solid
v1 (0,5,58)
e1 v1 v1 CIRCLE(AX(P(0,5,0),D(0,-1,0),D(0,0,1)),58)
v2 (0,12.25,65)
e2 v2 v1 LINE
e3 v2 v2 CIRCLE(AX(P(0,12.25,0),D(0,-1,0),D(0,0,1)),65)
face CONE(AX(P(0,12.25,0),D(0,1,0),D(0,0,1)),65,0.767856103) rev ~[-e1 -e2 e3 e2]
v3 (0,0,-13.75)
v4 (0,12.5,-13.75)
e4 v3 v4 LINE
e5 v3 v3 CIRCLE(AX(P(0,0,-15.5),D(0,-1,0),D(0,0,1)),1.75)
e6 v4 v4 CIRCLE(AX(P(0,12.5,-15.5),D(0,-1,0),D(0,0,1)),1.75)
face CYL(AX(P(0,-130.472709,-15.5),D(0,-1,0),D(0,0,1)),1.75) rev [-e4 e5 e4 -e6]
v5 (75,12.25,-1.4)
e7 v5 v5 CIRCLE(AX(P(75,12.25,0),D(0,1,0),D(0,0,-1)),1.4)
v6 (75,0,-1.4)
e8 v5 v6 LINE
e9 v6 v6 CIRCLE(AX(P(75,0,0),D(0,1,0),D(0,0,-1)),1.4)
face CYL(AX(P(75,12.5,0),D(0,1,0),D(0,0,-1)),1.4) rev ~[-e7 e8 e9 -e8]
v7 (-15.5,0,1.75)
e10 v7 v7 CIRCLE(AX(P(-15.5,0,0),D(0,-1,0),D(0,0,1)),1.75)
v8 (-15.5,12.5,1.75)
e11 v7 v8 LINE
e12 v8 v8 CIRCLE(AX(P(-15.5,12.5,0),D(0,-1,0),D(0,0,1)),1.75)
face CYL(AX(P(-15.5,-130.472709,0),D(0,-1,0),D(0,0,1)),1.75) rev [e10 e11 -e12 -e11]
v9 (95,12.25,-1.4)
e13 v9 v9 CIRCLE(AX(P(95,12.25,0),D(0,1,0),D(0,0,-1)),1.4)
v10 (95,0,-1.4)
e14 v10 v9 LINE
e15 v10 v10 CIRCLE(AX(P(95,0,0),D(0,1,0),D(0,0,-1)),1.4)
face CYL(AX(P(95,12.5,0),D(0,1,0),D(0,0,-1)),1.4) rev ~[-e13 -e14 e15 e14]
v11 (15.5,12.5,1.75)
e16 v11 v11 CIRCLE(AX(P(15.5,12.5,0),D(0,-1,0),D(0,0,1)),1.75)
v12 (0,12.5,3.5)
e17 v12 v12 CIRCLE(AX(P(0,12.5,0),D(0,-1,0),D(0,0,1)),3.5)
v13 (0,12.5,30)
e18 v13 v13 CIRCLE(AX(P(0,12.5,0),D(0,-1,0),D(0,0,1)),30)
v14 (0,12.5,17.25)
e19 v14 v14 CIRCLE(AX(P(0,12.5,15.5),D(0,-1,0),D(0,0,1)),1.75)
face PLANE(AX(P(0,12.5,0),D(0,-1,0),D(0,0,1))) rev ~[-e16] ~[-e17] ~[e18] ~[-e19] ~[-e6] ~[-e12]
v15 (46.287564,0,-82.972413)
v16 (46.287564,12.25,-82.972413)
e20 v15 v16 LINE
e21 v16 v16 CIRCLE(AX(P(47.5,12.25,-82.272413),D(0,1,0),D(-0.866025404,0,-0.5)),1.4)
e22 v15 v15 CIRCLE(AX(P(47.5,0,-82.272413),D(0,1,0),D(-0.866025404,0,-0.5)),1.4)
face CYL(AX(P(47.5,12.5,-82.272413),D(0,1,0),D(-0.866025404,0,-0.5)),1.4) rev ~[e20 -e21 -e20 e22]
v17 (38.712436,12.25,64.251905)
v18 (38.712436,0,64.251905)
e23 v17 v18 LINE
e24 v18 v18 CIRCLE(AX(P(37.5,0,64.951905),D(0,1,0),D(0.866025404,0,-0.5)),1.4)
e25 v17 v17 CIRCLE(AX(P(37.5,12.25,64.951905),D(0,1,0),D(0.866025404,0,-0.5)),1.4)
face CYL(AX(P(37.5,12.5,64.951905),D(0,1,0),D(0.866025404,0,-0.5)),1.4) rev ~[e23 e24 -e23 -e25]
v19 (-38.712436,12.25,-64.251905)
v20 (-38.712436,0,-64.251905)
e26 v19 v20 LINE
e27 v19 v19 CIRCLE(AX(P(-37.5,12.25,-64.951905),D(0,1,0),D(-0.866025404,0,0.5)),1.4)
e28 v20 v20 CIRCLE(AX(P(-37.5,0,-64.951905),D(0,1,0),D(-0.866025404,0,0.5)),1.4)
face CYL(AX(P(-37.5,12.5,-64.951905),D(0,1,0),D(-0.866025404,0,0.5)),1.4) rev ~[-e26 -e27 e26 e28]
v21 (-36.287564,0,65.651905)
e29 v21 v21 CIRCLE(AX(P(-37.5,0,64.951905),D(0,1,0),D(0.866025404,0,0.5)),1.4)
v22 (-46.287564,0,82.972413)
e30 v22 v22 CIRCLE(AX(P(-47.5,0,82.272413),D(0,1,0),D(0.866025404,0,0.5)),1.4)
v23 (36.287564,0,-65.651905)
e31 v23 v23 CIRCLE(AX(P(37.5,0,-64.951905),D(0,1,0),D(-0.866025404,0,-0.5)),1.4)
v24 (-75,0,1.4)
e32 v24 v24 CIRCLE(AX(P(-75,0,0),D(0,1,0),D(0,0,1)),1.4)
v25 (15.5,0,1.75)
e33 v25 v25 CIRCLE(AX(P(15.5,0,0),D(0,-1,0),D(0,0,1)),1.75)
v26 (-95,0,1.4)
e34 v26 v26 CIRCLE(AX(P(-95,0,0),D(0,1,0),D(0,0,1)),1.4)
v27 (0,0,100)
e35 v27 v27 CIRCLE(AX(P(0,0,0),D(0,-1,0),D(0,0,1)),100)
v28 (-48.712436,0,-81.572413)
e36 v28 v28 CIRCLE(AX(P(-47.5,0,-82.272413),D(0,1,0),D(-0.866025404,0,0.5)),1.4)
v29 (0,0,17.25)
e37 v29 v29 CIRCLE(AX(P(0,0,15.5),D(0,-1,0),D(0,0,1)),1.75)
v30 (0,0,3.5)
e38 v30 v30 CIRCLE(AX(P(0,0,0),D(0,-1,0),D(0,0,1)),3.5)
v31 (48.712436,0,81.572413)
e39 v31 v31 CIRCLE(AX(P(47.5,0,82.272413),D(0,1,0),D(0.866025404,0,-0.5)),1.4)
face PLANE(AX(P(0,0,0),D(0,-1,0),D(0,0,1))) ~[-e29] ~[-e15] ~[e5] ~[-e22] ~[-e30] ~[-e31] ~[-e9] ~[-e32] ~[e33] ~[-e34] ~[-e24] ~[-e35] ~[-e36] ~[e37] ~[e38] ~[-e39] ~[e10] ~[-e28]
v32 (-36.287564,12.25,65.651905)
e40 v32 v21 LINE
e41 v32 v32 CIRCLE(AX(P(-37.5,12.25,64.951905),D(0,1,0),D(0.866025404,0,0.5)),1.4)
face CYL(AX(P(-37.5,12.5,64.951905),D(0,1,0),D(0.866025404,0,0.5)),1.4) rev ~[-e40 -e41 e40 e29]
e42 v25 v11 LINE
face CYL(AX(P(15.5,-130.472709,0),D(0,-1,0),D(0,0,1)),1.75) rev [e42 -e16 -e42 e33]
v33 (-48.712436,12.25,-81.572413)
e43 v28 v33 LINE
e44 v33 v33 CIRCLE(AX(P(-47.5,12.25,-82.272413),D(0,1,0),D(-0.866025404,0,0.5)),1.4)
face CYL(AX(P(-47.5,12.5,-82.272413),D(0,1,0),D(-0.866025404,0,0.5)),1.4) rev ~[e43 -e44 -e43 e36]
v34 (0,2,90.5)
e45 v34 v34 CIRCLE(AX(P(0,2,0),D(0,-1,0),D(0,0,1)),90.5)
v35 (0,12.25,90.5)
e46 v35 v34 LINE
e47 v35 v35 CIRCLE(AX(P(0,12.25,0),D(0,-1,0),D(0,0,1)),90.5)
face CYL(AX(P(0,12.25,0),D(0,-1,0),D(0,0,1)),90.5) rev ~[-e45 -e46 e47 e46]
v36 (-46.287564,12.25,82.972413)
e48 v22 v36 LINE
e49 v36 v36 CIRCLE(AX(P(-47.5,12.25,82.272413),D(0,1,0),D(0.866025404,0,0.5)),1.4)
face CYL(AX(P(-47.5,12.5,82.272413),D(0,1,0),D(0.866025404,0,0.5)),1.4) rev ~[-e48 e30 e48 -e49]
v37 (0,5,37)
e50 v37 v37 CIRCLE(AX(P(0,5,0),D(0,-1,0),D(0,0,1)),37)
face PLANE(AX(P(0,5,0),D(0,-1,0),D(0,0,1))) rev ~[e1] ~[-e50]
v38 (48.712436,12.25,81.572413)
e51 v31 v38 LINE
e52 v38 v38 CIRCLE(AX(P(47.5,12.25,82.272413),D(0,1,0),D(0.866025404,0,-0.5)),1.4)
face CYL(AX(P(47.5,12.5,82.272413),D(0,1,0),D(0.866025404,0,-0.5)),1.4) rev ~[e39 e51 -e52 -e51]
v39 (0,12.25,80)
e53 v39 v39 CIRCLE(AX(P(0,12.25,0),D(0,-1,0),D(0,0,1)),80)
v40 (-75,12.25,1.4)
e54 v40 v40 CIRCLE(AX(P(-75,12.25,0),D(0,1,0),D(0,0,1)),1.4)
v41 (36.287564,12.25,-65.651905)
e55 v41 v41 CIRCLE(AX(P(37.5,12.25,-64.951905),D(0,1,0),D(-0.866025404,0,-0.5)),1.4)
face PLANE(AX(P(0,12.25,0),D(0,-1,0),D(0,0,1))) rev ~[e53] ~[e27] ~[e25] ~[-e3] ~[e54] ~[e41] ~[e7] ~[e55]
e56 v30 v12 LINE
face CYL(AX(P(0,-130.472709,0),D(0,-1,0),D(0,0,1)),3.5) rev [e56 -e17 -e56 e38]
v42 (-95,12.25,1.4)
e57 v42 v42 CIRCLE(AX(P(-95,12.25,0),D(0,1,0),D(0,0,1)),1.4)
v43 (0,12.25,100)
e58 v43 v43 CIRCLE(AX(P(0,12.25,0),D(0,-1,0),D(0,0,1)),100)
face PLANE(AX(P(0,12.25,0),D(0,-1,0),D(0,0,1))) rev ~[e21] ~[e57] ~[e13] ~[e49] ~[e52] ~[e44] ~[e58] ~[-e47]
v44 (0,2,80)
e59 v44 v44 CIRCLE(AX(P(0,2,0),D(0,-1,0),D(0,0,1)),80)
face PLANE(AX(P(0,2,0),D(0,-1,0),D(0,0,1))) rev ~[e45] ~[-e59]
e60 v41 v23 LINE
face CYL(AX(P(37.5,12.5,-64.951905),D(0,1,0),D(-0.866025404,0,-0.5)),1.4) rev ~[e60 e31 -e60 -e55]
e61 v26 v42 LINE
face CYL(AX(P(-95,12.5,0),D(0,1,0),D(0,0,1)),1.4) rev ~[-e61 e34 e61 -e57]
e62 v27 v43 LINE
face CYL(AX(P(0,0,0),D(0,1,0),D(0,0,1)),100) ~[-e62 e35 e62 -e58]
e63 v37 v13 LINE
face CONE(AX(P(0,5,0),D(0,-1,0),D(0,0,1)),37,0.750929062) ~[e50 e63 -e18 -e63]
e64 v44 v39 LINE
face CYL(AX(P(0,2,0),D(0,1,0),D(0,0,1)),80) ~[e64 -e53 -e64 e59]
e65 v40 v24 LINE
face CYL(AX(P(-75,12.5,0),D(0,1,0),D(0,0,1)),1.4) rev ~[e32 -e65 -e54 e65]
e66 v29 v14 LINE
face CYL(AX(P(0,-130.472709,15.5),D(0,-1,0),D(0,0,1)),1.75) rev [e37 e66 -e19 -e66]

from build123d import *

# Parameters (mm, degrees)
KES_EKSTR_ZYON3_DEPTH      = 142.972708645
KES_EKSTR_ZYON3_DEPTH_BACK = 142.972708645
IZIM3_R                    = 3.5
IZIM3_R_2                  = 1.75
IZIM4_R                    = 1.4
KES_EKSTR_ZYON4_DEPTH      = 142.972708645
DAIRESEL_KAPLAMA1_COUNT    = 6


with BuildPart() as part:
    # Çizim2 → Döndür1 (revolve)
    with BuildSketch(Plane(origin=(0, 0, 0), x_dir=(0, 0, -1), z_dir=(1, 0, 0))):
        Polygon((0, 0), (-100, 0), (-100, 12.25), (-90.5, 12.25), (-90.5, 2), (-80, 2), (-80, 12.25), (-65, 12.25), (-58, 5), (-37, 5), (-30, 12.5), (0, 12.5), align=None)
    revolve(axis=Axis((0, 27.631034793, 0), (0, -1, 0)))

    # Çizim3 → Kes-Ekstrüzyon3 (cut, two sides: drawn at the far end of the back side and taken through both)
    with BuildSketch(Plane(origin=(0, 12.5, 0), x_dir=(1, 0, 0), z_dir=(0, 1, 0)).offset(-KES_EKSTR_ZYON3_DEPTH_BACK)):
        with Locations(Location((0, 0, 0), (0, 0, 270))):
            Circle(IZIM3_R)
        with Locations(Location((-15.5, 0, 0), (0, 0, 270))):
            Circle(IZIM3_R_2)
        with Locations(Location((0, -15.5, 0), (0, 0, 270))):
            Circle(IZIM3_R_2)
        with Locations(Location((0, 15.5, 0), (0, 0, 270))):
            Circle(IZIM3_R_2)
        with Locations(Location((15.5, 0, 0), (0, 0, 270))):
            Circle(IZIM3_R_2)
    extrude(amount=KES_EKSTR_ZYON3_DEPTH + KES_EKSTR_ZYON3_DEPTH_BACK, mode=Mode.SUBTRACT)

    # Çizim4 → Kes-Ekstrüzyon4 (cut, symmetric)
    with BuildSketch(Plane(origin=(0, 12.5, 0), x_dir=(1, 0, 0), z_dir=(0, 1, 0))):
        with Locations(Location((-75, 0, 0), (0, 0, 270))):
            Circle(IZIM4_R)
        with Locations(Location((-95, 0, 0), (0, 0, 270))):
            Circle(IZIM4_R)
    kes_ekstr_zyon4 = extrude(amount=KES_EKSTR_ZYON4_DEPTH, both=True, mode=Mode.SUBTRACT)

    # Dairesel Kaplama1: Kes-Ekstrüzyon4 ×6 about axis
    dairesel_kaplama1_axis = Axis((0, 0, 0), (0, 1, 0))
    for i in range(1, DAIRESEL_KAPLAMA1_COUNT):
        add(kes_ekstr_zyon4.rotate(dairesel_kaplama1_axis, i * 360 / DAIRESEL_KAPLAMA1_COUNT), mode=Mode.SUBTRACT)


solid = part.part
